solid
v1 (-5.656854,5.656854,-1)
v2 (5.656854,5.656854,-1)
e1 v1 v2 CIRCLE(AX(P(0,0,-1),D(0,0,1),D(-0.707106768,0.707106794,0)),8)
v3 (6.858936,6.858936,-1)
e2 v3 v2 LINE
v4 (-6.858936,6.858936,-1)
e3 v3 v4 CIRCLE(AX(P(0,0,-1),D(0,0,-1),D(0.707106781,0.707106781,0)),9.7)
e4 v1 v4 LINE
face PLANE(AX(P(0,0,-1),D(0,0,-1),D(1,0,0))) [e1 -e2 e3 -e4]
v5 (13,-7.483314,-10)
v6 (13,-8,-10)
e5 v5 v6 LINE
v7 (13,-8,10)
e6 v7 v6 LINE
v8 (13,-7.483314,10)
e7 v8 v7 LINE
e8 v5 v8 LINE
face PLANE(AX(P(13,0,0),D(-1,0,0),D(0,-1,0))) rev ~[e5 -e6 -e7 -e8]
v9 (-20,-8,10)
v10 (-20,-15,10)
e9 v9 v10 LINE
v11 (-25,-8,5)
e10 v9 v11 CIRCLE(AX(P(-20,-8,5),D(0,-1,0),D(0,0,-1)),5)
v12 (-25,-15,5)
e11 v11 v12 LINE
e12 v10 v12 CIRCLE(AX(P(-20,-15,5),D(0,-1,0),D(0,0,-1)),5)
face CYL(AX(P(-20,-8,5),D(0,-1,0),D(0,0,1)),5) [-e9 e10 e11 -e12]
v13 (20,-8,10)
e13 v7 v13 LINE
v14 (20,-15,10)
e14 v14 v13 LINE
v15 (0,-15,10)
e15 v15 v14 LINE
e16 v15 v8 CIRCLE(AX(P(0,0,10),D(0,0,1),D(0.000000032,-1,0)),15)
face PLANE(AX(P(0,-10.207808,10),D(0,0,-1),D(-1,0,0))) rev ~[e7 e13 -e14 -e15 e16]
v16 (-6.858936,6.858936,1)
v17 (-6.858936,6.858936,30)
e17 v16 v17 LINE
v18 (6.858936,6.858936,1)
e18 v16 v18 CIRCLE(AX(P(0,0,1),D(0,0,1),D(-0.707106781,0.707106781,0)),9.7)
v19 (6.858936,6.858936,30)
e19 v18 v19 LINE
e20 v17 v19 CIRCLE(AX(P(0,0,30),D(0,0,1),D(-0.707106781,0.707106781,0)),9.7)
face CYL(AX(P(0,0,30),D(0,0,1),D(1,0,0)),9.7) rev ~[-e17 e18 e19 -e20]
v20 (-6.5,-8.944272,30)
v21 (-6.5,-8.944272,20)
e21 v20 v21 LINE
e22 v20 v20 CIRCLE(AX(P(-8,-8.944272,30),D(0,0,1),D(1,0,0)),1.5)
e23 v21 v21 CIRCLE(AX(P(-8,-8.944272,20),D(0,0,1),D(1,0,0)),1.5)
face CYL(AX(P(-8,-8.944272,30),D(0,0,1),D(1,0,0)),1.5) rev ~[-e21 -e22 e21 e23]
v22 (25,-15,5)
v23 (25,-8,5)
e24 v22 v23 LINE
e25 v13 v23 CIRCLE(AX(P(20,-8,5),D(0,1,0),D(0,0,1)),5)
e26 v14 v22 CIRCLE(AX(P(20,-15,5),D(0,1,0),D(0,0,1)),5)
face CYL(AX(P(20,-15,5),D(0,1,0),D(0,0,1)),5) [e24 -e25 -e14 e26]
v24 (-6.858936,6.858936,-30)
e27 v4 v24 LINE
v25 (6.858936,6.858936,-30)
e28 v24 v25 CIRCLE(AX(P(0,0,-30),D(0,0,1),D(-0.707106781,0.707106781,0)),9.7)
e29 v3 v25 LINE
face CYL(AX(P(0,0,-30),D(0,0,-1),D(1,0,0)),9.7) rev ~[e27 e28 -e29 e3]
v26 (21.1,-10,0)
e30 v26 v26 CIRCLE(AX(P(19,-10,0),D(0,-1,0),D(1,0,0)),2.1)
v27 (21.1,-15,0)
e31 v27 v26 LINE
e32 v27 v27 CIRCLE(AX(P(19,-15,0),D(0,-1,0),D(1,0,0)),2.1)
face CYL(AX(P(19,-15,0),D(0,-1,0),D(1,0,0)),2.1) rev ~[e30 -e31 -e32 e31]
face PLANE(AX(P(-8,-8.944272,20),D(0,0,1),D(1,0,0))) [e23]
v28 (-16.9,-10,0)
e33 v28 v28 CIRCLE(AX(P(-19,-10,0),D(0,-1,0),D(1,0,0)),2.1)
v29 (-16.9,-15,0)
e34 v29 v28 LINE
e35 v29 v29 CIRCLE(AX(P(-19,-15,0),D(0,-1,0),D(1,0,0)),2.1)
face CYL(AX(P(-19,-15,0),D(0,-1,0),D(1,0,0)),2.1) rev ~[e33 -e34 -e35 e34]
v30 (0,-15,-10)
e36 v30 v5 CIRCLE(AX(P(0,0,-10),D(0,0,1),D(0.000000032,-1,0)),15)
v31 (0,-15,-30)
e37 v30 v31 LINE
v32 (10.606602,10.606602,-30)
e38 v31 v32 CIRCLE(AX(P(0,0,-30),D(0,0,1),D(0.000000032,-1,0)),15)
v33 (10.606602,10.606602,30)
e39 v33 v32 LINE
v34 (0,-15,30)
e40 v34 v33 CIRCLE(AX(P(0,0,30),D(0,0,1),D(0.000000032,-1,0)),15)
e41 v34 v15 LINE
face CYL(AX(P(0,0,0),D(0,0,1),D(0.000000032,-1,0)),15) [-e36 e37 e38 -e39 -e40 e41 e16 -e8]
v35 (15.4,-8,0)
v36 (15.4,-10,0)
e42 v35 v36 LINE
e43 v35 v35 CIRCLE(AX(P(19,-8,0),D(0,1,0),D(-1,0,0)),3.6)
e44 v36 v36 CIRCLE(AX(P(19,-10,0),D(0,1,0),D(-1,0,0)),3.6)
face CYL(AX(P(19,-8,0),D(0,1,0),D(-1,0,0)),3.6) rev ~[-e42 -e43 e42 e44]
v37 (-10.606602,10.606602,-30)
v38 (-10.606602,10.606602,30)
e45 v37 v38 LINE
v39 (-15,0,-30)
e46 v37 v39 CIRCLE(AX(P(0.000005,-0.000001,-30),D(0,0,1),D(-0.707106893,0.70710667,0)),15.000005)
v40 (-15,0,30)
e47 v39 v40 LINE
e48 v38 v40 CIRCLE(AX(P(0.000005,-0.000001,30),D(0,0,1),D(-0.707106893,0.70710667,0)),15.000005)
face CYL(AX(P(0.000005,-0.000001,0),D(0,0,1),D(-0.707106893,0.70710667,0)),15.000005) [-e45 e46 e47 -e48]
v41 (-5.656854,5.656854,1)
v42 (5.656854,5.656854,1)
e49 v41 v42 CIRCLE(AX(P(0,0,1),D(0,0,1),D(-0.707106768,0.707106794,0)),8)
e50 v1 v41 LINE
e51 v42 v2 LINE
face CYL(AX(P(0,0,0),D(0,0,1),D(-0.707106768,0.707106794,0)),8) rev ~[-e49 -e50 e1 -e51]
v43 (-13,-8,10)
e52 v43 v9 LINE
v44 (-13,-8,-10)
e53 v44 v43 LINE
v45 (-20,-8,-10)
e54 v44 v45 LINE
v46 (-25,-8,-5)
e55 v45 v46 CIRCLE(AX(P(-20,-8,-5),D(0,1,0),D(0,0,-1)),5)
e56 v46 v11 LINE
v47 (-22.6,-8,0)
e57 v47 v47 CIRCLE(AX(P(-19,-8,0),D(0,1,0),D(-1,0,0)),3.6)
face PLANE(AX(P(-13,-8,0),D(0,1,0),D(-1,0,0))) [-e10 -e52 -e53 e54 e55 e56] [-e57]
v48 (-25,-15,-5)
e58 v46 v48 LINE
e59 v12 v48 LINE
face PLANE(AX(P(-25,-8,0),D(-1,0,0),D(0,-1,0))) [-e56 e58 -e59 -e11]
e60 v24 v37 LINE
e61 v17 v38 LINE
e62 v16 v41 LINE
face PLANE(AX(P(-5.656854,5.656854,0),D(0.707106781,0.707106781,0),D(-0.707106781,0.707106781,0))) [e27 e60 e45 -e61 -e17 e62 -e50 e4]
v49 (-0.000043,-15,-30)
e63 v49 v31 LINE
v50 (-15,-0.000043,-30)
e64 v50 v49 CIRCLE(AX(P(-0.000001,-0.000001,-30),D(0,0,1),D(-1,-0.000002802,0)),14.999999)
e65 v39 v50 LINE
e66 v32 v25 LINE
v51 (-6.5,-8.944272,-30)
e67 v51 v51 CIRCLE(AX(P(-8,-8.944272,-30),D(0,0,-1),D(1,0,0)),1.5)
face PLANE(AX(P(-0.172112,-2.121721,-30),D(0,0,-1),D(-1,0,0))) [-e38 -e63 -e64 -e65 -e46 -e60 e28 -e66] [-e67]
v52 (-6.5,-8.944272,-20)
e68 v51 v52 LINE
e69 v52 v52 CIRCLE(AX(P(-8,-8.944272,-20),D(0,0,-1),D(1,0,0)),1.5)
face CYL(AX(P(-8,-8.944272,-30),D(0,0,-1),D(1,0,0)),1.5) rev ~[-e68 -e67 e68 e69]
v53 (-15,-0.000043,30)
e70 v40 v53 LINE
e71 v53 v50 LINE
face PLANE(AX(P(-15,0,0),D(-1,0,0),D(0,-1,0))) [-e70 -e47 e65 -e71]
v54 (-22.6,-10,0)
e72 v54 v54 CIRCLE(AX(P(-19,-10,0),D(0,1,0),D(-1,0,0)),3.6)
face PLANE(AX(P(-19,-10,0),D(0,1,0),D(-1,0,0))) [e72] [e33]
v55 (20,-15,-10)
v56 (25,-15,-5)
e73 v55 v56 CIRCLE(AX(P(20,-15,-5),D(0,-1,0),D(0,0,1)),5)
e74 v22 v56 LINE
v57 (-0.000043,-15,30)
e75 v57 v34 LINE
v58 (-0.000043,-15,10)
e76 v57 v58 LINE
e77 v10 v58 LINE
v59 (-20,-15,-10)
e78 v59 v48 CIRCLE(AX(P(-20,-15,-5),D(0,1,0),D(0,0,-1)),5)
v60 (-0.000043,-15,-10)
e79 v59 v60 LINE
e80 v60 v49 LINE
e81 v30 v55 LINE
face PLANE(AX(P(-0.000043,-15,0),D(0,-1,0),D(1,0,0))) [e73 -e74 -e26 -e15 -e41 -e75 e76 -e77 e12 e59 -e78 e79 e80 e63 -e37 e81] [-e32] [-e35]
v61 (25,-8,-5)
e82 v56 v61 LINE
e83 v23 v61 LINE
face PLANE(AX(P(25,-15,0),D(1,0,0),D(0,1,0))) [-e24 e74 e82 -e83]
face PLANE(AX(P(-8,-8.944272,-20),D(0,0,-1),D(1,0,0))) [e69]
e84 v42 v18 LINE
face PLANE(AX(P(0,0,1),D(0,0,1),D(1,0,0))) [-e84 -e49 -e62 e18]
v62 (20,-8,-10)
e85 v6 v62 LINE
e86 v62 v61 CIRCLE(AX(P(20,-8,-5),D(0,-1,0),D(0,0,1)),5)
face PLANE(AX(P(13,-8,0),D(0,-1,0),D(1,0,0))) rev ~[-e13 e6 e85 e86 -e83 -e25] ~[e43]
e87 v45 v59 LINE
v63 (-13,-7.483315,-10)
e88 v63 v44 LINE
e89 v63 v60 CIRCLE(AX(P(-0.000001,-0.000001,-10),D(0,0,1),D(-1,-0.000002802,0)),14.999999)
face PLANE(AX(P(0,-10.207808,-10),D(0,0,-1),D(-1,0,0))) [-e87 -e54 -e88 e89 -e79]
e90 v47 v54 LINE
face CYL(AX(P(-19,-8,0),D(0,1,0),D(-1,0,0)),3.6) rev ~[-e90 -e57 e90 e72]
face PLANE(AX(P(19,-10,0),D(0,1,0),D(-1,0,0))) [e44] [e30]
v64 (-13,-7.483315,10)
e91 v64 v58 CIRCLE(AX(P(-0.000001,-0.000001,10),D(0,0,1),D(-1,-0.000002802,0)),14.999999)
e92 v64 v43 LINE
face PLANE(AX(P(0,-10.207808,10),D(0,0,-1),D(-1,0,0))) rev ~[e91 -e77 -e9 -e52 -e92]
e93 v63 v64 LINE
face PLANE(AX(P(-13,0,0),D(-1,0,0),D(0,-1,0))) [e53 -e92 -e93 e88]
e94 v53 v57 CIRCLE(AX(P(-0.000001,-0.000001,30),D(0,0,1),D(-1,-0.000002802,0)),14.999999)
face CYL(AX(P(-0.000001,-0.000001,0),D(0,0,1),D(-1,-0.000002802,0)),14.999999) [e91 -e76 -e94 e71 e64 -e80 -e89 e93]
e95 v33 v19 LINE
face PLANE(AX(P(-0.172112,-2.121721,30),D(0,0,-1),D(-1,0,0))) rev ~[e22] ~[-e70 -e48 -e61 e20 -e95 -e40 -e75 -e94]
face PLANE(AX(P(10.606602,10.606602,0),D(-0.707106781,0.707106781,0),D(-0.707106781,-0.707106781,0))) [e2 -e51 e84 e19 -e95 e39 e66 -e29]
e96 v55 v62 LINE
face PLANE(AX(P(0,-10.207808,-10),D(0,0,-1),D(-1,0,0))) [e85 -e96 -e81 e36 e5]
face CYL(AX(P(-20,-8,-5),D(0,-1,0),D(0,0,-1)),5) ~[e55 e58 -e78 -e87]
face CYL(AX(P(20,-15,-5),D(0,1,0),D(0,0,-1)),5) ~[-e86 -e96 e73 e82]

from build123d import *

# Parameters (mm, degrees)
PAD_DEPTH       = 30
SKETCH004_R     = 9.7
POCKET_DEPTH    = 29
SKETCH005_R     = 9.7
POCKET001_DEPTH = 29
SKETCH006_R     = 1.5
POCKET002_DEPTH = 10
SKETCH007_R     = 1.5
POCKET003_DEPTH = 10
PAD001_DEPTH    = 10
SKETCH008_R     = 2.1
POCKET004_DEPTH = 7
SKETCH009_R     = 3.6
POCKET005_DEPTH = 2
FILLET_R        = 5


with BuildPart() as pocket003:
    # Sketch → Pad (new body, symmetric)
    with BuildSketch(Plane.XY):
        with BuildLine():
            ThreePointArc((-5.656854, 5.656854), (0, -8), (5.656854, 5.656854))
            Line((10.606602, 10.606602), (5.656854, 5.656854))
            ThreePointArc((0, -15), (13.858193, -5.740251), (10.606602, 10.606602))
            Line((-4.3e-05, -15), (0, -15))
            ThreePointArc((-15, -4.3e-05), (-10.606602, -10.606602), (-4.3e-05, -15))
            Line((-15, 0), (-15, -4.3e-05))
            ThreePointArc((-10.606602, 10.606602), (-13.858193, 5.740251), (-15, 0))
            Line((-5.656854, 5.656854), (-10.606602, 10.606602))
        make_face()
    extrude(amount=PAD_DEPTH, both=True)

    # Sketch004 → Pocket (cut)
    with BuildSketch(Plane.XY.offset(30)):
        Circle(SKETCH004_R)
    extrude(amount=-POCKET_DEPTH, mode=Mode.SUBTRACT)

    # Sketch005 → Pocket001 (cut)
    with BuildSketch(Plane(origin=(0, 0, -30), x_dir=(1, 0, 0), z_dir=(0, 0, -1))):
        Circle(SKETCH005_R)
    extrude(amount=-POCKET001_DEPTH, mode=Mode.SUBTRACT)

    # Sketch006 → Pocket002 (cut)
    with BuildSketch(Plane.XY.offset(30)):
        with Locations((-8, -8.944272)):
            Circle(SKETCH006_R)
    extrude(amount=-POCKET002_DEPTH, mode=Mode.SUBTRACT)

    # Sketch007 → Pocket003 (cut)
    with BuildSketch(Plane(origin=(0, 0, -30), x_dir=(1, 0, 0), z_dir=(0, 0, -1))):
        with Locations((-8, 8.944272)):
            Circle(SKETCH007_R)
    extrude(amount=-POCKET003_DEPTH, mode=Mode.SUBTRACT)


with BuildPart() as fusion:
    # Sketch003 → Pad001 (new body, symmetric)
    with BuildSketch(Plane.XY):
        with BuildLine():
            ThreePointArc((-13, 0), (0, -13), (13, 0))
            Line((13, 0), (13, -8))
            Line((13, -8), (25, -8))
            Line((25, -15), (25, -8))
            Line((-25, -15), (25, -15))
            Line((-25, -8), (-25, -15))
            Line((-13, -8), (-25, -8))
            Line((-13, 0), (-13, -8))
        make_face()
    extrude(amount=PAD001_DEPTH, both=True)

    # Sketch008 → Pocket004 (cut)
    with BuildSketch(Plane.XZ.offset(15)):
        with Locations((-19, 0)):
            Circle(SKETCH008_R)
        with Locations((19, 0)):
            Circle(SKETCH008_R)
    extrude(amount=-POCKET004_DEPTH, mode=Mode.SUBTRACT)

    # Sketch009 → Pocket005 (cut)
    with BuildSketch(Plane(origin=(0, -8, 0), x_dir=(-1, 0, 0), z_dir=(0, 1, 0))):
        with Locations((-19, 0)):
            Circle(SKETCH009_R)
        with Locations((19, 0)):
            Circle(SKETCH009_R)
    extrude(amount=-POCKET005_DEPTH, mode=Mode.SUBTRACT)

    # Fillet
    fillet_edges = [fusion.edges().sort_by_distance(p)[0] for p in [
        (25, -11.5, 10),
        (25, -11.5, -10),
        (-25, -11.5, 10),
        (-25, -11.5, -10),
    ]]
    fillet(fillet_edges, radius=FILLET_R)

    # Fusion: union Pocket003
    add(pocket003.part)


solid = fusion.part
